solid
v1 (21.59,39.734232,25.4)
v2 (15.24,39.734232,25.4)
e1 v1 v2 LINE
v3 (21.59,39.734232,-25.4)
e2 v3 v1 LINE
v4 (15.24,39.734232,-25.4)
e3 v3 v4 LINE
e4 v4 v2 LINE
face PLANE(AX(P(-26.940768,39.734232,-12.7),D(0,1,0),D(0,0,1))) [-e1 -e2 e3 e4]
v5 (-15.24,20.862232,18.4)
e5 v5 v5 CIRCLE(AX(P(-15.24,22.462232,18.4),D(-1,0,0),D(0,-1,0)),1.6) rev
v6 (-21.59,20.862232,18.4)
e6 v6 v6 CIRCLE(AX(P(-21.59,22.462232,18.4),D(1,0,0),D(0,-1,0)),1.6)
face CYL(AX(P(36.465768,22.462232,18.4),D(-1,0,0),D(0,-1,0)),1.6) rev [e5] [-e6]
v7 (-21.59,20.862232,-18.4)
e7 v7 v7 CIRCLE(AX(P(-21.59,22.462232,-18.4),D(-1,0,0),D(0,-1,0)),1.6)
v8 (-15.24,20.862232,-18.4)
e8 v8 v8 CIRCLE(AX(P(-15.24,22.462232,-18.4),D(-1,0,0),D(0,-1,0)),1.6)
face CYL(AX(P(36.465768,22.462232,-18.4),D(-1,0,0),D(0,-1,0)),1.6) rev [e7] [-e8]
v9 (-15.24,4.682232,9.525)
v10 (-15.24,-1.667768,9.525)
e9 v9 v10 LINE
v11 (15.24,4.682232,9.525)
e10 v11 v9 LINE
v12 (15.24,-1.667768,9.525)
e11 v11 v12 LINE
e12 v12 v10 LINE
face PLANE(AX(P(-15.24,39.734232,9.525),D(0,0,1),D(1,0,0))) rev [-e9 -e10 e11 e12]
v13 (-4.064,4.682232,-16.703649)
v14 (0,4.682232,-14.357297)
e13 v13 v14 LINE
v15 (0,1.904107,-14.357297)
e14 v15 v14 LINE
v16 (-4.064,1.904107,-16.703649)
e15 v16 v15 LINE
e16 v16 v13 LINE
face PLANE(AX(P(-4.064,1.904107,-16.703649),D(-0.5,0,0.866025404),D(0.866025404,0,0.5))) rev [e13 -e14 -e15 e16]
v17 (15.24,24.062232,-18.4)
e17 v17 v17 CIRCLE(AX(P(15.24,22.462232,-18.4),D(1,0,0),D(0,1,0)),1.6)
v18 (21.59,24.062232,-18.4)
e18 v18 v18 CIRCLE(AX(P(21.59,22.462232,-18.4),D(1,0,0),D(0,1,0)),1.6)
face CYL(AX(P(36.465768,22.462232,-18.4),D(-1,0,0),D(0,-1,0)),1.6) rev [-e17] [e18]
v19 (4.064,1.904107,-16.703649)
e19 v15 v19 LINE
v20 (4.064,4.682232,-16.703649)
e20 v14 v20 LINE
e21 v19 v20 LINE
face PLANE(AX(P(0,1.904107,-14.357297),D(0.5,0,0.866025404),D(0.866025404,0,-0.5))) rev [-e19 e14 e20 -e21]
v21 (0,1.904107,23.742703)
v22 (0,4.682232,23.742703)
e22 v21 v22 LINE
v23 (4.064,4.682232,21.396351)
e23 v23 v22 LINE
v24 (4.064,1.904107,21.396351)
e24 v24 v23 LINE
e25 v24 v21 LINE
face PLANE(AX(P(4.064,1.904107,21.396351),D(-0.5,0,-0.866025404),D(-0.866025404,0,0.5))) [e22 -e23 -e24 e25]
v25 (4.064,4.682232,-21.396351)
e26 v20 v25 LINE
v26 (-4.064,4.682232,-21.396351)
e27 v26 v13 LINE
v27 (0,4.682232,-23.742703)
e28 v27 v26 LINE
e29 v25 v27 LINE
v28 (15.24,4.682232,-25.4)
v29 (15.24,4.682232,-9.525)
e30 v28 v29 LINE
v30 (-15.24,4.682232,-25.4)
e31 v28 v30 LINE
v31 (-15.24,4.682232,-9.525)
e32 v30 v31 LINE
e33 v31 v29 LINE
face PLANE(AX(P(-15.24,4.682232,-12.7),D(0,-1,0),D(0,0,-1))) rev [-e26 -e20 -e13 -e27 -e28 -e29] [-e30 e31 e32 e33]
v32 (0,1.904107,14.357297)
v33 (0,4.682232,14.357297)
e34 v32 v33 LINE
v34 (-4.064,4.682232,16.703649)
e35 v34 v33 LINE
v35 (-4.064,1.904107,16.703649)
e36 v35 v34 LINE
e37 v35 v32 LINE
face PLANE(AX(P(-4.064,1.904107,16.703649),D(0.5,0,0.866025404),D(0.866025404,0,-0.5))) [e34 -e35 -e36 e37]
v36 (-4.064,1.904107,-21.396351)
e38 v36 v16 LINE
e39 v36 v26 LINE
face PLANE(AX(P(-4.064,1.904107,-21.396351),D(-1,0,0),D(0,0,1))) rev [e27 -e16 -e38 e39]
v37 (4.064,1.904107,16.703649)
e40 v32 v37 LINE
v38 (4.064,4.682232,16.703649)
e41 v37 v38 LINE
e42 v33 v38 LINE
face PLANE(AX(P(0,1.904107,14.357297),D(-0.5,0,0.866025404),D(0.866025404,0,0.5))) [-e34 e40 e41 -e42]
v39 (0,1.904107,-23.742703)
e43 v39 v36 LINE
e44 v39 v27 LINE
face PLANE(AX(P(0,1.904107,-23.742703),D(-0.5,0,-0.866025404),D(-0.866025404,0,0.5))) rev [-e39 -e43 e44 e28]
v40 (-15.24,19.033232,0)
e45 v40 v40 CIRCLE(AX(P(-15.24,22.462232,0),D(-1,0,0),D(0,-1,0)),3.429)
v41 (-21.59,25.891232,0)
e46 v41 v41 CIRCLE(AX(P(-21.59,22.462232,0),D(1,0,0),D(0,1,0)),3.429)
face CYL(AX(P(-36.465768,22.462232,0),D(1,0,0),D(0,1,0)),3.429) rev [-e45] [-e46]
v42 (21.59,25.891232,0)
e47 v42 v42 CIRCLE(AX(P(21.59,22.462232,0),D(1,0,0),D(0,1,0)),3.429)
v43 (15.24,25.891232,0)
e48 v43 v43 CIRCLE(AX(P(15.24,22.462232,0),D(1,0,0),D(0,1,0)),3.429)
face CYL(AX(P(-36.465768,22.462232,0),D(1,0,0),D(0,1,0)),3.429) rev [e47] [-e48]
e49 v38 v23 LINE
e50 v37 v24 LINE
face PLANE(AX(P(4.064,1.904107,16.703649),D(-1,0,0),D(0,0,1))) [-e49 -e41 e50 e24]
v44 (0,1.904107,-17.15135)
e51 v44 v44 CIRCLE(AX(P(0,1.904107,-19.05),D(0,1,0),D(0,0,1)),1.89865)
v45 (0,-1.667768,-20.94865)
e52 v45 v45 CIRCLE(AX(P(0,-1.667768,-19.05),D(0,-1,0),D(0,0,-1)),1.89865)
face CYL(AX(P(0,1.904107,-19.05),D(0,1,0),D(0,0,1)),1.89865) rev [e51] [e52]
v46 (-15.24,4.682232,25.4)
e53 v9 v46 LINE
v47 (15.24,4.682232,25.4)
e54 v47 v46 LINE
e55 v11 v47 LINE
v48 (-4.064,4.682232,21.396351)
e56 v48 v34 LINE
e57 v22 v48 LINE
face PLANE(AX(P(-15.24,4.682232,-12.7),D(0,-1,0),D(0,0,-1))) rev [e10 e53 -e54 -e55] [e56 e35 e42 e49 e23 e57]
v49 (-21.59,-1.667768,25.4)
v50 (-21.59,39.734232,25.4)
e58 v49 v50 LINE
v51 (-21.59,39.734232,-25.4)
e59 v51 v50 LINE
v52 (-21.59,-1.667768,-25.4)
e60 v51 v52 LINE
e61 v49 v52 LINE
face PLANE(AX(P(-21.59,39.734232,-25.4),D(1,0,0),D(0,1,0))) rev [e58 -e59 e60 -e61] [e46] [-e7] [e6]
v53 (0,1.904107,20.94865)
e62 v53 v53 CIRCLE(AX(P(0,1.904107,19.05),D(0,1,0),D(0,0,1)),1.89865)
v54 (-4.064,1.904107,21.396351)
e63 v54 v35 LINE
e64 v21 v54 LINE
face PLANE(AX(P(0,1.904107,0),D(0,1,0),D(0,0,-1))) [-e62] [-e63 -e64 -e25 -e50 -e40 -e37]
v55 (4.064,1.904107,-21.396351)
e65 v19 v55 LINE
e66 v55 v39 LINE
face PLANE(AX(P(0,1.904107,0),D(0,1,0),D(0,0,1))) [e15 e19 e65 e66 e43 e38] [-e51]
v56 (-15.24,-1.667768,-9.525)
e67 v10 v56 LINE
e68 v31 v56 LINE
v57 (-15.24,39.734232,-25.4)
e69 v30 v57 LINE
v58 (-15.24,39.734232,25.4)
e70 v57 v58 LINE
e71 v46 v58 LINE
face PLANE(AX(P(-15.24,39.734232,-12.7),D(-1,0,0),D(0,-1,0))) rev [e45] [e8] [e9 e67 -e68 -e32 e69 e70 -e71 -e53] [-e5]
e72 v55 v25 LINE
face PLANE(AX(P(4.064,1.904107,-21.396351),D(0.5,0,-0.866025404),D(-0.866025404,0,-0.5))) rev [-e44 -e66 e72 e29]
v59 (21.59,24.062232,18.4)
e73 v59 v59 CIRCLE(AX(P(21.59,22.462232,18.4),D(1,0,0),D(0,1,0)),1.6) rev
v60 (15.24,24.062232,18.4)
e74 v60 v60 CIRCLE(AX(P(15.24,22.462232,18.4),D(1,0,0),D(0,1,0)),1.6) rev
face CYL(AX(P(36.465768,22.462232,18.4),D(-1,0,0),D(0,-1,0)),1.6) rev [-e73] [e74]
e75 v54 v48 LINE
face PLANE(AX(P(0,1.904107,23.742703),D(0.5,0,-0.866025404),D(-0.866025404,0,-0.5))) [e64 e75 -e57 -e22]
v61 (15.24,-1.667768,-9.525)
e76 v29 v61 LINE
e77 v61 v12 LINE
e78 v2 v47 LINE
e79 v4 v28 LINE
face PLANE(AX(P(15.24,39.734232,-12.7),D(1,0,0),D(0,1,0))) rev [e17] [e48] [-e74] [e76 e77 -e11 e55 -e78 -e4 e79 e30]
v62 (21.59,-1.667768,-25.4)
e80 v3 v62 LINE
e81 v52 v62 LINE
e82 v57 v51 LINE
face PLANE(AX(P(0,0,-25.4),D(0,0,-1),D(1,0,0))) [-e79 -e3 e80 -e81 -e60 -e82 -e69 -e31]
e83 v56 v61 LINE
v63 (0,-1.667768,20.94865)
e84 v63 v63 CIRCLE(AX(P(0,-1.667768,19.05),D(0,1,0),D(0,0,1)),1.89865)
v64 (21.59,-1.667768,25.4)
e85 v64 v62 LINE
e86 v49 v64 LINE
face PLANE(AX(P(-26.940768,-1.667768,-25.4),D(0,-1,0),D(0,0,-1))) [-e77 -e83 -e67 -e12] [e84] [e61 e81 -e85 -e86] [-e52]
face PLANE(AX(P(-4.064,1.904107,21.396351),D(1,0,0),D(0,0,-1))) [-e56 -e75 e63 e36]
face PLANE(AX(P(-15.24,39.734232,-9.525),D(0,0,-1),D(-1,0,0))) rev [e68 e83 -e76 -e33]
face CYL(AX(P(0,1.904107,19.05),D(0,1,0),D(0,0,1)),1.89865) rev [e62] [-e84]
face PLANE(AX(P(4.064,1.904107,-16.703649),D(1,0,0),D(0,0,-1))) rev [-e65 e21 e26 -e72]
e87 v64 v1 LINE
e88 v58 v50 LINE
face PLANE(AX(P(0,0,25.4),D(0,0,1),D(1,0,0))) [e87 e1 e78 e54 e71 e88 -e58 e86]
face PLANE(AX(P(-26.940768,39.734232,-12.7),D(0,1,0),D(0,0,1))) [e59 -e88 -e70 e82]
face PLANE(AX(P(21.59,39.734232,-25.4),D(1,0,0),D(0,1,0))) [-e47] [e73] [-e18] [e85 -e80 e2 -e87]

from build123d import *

# Parameters (mm, degrees)
BOSS_EXTRUDE1_DEPTH      = 12.7
BOSS_EXTRUDE1_DEPTH_BACK = 12.7
SKETCH1_R                = 4.445
SKETCH9_W                = 30.48
SKETCH9_H                = 35.052
CUT_EXTRUDE6_DEPTH       = 60.613097773
BOSS_EXTRUDE3_DEPTH      = 12.7
SKETCH11_W               = 5.350768363
SKETCH11_H               = 57.15
CUT_EXTRUDE7_DEPTH       = 75.08914513
SKETCH12_W               = 30.48
SKETCH12_H               = 19.05
CUT_EXTRUDE8_DEPTH       = 89.211973463
SKETCH14_R               = 1.6
CUT_EXTRUDE9_DEPTH       = 75.795998583
SKETCH15_R               = 3.429
CUT_EXTRUDE10_DEPTH      = 75.795998583
CUT_EXTRUDE11_DEPTH      = 2.778125
F_6_CLEARANCE_HOLE1_D    = 3.7973
SKETCH25_W               = 89.81357484
SKETCH25_H               = 39.457269438
CUT_EXTRUDE14_DEPTH      = 67.031594151


with BuildPart() as part:
    # Sketch1 → Boss-Extrude1 (new, two sides: drawn at the far end of the back side and taken through both)
    with BuildSketch(Plane.XY.offset(-BOSS_EXTRUDE1_DEPTH_BACK)):
        with BuildLine():
            Line((-26.940768363, -17.415768363), (-26.940768363, 39.734231637))
            Line((-26.940768363, 39.734231637), (26.940768363, 39.734231637))
            Line((26.940768363, 39.734231637), (26.940768363, -17.415768363))
            ThreePointArc((26.940768363, -17.415768363), (36.465768363, -26.940768363), (26.940768363, -36.465768363))
            Line((26.940768363, -36.465768363), (-26.940768363, -36.465768363))
            ThreePointArc((-26.940768363, -36.465768363), (-36.465768363, -26.940768363), (-26.940768363, -17.415768363))
        make_face()
        with Locations((-26.940768363, -26.940768363)):
            Circle(SKETCH1_R, mode=Mode.SUBTRACT)
        with Locations((26.940768363, -26.940768363)):
            Circle(SKETCH1_R, mode=Mode.SUBTRACT)
    extrude(amount=BOSS_EXTRUDE1_DEPTH + BOSS_EXTRUDE1_DEPTH_BACK)

    # Sketch9 → Cut-Extrude6 (cut, through all)
    with BuildSketch(Plane.XY.offset(12.7)):
        with Locations((0, 22.208231637)):
            Rectangle(SKETCH9_W, SKETCH9_H)
    extrude(amount=-CUT_EXTRUDE6_DEPTH, mode=Mode.SUBTRACT)

    # Sketch10 → Boss-Extrude3 (add)
    with BuildSketch(Plane.XY.offset(12.7)):
        Polygon((-26.940768363, 39.734231637), (-26.940768363, -1.667768363), (26.940768363, -1.667768363), (26.940768363, 39.734231637), (15.24, 39.734231637), (15.24, 4.682231637), (-15.24, 4.682231637), (-15.24, 39.734231637), align=None)
    boss_extrude3 = extrude(amount=BOSS_EXTRUDE3_DEPTH)

    # Mirror4: Boss-Extrude3 across plane
    add(boss_extrude3.mirror(Plane.XY))

    # Sketch11 → Cut-Extrude7 (cut, through all)
    with BuildSketch(Plane.XY.offset(25.4)):
        with Locations((-24.265384181, 11.159231637)):
            Rectangle(SKETCH11_W, SKETCH11_H)
    cut_extrude7 = extrude(amount=-CUT_EXTRUDE7_DEPTH, mode=Mode.SUBTRACT)

    # Mirror5: Cut-Extrude7 across plane
    add(cut_extrude7.mirror(Plane(origin=(0, 0, 0), x_dir=(0, 0, 1), z_dir=(1, 0, 0))), mode=Mode.SUBTRACT)

    # Sketch12 → Cut-Extrude8 (cut, through all)
    with BuildSketch(Plane.XZ.offset(36.465768363)):
        Rectangle(SKETCH12_W, SKETCH12_H)
    extrude(amount=-CUT_EXTRUDE8_DEPTH, mode=Mode.SUBTRACT)

    # Sketch14 → Cut-Extrude9 (cut, through all)
    with BuildSketch(Plane.ZY.offset(21.59)):
        with Locations((-18.4, 22.462231637)):
            Circle(SKETCH14_R)
    cut_extrude9 = extrude(amount=-CUT_EXTRUDE9_DEPTH, mode=Mode.SUBTRACT)

    # Mirror6: Cut-Extrude9 across plane
    add(cut_extrude9.mirror(Plane.XY), mode=Mode.SUBTRACT)

    # Sketch15 → Cut-Extrude10 (cut, through all)
    with BuildSketch(Plane(origin=(21.59, 0, 0), x_dir=(0, 0, -1), z_dir=(1, 0, 0))):
        with Locations((0, 22.462231637)):
            Circle(SKETCH15_R)
    extrude(amount=-CUT_EXTRUDE10_DEPTH, mode=Mode.SUBTRACT)

    # Sketch18 → Cut-Extrude11 (cut)
    with BuildSketch(Plane(origin=(0, 4.682231637, 0), x_dir=(1, 0, 0), z_dir=(0, 1, 0))):
        Polygon((4.064, 21.396351494), (0, 23.742702988), (-4.064, 21.396351494), (-4.064, 16.703648506), (0, 14.357297012), (4.064, 16.703648506), align=None)
    cut_extrude11 = extrude(amount=-CUT_EXTRUDE11_DEPTH, mode=Mode.SUBTRACT)

    # Mirror7: Cut-Extrude11 across plane
    add(cut_extrude11.mirror(Plane.XY), mode=Mode.SUBTRACT)

    # #6 Clearance Hole1 (through all)
    with Locations(Plane(origin=(0, 1.904106637, 0), x_dir=(1, 0, 0), z_dir=(0, 1, 0))):
        with Locations((0, 19.05)):
            f_6_clearance_hole1 = Hole(F_6_CLEARANCE_HOLE1_D / 2)

    # Mirror8: #6 Clearance Hole1 across plane
    add(f_6_clearance_hole1.mirror(Plane.XY), mode=Mode.SUBTRACT)

    # Sketch25 → Cut-Extrude14 (cut, through all)
    with BuildSketch(Plane(origin=(0, 0, -12.7), x_dir=(-1, 0, 0), z_dir=(0, 0, -1))):
        with Locations((0.758793643, -21.396403082)):
            Rectangle(SKETCH25_W, SKETCH25_H)
    extrude(amount=-CUT_EXTRUDE14_DEPTH, mode=Mode.SUBTRACT)


solid = part.part
